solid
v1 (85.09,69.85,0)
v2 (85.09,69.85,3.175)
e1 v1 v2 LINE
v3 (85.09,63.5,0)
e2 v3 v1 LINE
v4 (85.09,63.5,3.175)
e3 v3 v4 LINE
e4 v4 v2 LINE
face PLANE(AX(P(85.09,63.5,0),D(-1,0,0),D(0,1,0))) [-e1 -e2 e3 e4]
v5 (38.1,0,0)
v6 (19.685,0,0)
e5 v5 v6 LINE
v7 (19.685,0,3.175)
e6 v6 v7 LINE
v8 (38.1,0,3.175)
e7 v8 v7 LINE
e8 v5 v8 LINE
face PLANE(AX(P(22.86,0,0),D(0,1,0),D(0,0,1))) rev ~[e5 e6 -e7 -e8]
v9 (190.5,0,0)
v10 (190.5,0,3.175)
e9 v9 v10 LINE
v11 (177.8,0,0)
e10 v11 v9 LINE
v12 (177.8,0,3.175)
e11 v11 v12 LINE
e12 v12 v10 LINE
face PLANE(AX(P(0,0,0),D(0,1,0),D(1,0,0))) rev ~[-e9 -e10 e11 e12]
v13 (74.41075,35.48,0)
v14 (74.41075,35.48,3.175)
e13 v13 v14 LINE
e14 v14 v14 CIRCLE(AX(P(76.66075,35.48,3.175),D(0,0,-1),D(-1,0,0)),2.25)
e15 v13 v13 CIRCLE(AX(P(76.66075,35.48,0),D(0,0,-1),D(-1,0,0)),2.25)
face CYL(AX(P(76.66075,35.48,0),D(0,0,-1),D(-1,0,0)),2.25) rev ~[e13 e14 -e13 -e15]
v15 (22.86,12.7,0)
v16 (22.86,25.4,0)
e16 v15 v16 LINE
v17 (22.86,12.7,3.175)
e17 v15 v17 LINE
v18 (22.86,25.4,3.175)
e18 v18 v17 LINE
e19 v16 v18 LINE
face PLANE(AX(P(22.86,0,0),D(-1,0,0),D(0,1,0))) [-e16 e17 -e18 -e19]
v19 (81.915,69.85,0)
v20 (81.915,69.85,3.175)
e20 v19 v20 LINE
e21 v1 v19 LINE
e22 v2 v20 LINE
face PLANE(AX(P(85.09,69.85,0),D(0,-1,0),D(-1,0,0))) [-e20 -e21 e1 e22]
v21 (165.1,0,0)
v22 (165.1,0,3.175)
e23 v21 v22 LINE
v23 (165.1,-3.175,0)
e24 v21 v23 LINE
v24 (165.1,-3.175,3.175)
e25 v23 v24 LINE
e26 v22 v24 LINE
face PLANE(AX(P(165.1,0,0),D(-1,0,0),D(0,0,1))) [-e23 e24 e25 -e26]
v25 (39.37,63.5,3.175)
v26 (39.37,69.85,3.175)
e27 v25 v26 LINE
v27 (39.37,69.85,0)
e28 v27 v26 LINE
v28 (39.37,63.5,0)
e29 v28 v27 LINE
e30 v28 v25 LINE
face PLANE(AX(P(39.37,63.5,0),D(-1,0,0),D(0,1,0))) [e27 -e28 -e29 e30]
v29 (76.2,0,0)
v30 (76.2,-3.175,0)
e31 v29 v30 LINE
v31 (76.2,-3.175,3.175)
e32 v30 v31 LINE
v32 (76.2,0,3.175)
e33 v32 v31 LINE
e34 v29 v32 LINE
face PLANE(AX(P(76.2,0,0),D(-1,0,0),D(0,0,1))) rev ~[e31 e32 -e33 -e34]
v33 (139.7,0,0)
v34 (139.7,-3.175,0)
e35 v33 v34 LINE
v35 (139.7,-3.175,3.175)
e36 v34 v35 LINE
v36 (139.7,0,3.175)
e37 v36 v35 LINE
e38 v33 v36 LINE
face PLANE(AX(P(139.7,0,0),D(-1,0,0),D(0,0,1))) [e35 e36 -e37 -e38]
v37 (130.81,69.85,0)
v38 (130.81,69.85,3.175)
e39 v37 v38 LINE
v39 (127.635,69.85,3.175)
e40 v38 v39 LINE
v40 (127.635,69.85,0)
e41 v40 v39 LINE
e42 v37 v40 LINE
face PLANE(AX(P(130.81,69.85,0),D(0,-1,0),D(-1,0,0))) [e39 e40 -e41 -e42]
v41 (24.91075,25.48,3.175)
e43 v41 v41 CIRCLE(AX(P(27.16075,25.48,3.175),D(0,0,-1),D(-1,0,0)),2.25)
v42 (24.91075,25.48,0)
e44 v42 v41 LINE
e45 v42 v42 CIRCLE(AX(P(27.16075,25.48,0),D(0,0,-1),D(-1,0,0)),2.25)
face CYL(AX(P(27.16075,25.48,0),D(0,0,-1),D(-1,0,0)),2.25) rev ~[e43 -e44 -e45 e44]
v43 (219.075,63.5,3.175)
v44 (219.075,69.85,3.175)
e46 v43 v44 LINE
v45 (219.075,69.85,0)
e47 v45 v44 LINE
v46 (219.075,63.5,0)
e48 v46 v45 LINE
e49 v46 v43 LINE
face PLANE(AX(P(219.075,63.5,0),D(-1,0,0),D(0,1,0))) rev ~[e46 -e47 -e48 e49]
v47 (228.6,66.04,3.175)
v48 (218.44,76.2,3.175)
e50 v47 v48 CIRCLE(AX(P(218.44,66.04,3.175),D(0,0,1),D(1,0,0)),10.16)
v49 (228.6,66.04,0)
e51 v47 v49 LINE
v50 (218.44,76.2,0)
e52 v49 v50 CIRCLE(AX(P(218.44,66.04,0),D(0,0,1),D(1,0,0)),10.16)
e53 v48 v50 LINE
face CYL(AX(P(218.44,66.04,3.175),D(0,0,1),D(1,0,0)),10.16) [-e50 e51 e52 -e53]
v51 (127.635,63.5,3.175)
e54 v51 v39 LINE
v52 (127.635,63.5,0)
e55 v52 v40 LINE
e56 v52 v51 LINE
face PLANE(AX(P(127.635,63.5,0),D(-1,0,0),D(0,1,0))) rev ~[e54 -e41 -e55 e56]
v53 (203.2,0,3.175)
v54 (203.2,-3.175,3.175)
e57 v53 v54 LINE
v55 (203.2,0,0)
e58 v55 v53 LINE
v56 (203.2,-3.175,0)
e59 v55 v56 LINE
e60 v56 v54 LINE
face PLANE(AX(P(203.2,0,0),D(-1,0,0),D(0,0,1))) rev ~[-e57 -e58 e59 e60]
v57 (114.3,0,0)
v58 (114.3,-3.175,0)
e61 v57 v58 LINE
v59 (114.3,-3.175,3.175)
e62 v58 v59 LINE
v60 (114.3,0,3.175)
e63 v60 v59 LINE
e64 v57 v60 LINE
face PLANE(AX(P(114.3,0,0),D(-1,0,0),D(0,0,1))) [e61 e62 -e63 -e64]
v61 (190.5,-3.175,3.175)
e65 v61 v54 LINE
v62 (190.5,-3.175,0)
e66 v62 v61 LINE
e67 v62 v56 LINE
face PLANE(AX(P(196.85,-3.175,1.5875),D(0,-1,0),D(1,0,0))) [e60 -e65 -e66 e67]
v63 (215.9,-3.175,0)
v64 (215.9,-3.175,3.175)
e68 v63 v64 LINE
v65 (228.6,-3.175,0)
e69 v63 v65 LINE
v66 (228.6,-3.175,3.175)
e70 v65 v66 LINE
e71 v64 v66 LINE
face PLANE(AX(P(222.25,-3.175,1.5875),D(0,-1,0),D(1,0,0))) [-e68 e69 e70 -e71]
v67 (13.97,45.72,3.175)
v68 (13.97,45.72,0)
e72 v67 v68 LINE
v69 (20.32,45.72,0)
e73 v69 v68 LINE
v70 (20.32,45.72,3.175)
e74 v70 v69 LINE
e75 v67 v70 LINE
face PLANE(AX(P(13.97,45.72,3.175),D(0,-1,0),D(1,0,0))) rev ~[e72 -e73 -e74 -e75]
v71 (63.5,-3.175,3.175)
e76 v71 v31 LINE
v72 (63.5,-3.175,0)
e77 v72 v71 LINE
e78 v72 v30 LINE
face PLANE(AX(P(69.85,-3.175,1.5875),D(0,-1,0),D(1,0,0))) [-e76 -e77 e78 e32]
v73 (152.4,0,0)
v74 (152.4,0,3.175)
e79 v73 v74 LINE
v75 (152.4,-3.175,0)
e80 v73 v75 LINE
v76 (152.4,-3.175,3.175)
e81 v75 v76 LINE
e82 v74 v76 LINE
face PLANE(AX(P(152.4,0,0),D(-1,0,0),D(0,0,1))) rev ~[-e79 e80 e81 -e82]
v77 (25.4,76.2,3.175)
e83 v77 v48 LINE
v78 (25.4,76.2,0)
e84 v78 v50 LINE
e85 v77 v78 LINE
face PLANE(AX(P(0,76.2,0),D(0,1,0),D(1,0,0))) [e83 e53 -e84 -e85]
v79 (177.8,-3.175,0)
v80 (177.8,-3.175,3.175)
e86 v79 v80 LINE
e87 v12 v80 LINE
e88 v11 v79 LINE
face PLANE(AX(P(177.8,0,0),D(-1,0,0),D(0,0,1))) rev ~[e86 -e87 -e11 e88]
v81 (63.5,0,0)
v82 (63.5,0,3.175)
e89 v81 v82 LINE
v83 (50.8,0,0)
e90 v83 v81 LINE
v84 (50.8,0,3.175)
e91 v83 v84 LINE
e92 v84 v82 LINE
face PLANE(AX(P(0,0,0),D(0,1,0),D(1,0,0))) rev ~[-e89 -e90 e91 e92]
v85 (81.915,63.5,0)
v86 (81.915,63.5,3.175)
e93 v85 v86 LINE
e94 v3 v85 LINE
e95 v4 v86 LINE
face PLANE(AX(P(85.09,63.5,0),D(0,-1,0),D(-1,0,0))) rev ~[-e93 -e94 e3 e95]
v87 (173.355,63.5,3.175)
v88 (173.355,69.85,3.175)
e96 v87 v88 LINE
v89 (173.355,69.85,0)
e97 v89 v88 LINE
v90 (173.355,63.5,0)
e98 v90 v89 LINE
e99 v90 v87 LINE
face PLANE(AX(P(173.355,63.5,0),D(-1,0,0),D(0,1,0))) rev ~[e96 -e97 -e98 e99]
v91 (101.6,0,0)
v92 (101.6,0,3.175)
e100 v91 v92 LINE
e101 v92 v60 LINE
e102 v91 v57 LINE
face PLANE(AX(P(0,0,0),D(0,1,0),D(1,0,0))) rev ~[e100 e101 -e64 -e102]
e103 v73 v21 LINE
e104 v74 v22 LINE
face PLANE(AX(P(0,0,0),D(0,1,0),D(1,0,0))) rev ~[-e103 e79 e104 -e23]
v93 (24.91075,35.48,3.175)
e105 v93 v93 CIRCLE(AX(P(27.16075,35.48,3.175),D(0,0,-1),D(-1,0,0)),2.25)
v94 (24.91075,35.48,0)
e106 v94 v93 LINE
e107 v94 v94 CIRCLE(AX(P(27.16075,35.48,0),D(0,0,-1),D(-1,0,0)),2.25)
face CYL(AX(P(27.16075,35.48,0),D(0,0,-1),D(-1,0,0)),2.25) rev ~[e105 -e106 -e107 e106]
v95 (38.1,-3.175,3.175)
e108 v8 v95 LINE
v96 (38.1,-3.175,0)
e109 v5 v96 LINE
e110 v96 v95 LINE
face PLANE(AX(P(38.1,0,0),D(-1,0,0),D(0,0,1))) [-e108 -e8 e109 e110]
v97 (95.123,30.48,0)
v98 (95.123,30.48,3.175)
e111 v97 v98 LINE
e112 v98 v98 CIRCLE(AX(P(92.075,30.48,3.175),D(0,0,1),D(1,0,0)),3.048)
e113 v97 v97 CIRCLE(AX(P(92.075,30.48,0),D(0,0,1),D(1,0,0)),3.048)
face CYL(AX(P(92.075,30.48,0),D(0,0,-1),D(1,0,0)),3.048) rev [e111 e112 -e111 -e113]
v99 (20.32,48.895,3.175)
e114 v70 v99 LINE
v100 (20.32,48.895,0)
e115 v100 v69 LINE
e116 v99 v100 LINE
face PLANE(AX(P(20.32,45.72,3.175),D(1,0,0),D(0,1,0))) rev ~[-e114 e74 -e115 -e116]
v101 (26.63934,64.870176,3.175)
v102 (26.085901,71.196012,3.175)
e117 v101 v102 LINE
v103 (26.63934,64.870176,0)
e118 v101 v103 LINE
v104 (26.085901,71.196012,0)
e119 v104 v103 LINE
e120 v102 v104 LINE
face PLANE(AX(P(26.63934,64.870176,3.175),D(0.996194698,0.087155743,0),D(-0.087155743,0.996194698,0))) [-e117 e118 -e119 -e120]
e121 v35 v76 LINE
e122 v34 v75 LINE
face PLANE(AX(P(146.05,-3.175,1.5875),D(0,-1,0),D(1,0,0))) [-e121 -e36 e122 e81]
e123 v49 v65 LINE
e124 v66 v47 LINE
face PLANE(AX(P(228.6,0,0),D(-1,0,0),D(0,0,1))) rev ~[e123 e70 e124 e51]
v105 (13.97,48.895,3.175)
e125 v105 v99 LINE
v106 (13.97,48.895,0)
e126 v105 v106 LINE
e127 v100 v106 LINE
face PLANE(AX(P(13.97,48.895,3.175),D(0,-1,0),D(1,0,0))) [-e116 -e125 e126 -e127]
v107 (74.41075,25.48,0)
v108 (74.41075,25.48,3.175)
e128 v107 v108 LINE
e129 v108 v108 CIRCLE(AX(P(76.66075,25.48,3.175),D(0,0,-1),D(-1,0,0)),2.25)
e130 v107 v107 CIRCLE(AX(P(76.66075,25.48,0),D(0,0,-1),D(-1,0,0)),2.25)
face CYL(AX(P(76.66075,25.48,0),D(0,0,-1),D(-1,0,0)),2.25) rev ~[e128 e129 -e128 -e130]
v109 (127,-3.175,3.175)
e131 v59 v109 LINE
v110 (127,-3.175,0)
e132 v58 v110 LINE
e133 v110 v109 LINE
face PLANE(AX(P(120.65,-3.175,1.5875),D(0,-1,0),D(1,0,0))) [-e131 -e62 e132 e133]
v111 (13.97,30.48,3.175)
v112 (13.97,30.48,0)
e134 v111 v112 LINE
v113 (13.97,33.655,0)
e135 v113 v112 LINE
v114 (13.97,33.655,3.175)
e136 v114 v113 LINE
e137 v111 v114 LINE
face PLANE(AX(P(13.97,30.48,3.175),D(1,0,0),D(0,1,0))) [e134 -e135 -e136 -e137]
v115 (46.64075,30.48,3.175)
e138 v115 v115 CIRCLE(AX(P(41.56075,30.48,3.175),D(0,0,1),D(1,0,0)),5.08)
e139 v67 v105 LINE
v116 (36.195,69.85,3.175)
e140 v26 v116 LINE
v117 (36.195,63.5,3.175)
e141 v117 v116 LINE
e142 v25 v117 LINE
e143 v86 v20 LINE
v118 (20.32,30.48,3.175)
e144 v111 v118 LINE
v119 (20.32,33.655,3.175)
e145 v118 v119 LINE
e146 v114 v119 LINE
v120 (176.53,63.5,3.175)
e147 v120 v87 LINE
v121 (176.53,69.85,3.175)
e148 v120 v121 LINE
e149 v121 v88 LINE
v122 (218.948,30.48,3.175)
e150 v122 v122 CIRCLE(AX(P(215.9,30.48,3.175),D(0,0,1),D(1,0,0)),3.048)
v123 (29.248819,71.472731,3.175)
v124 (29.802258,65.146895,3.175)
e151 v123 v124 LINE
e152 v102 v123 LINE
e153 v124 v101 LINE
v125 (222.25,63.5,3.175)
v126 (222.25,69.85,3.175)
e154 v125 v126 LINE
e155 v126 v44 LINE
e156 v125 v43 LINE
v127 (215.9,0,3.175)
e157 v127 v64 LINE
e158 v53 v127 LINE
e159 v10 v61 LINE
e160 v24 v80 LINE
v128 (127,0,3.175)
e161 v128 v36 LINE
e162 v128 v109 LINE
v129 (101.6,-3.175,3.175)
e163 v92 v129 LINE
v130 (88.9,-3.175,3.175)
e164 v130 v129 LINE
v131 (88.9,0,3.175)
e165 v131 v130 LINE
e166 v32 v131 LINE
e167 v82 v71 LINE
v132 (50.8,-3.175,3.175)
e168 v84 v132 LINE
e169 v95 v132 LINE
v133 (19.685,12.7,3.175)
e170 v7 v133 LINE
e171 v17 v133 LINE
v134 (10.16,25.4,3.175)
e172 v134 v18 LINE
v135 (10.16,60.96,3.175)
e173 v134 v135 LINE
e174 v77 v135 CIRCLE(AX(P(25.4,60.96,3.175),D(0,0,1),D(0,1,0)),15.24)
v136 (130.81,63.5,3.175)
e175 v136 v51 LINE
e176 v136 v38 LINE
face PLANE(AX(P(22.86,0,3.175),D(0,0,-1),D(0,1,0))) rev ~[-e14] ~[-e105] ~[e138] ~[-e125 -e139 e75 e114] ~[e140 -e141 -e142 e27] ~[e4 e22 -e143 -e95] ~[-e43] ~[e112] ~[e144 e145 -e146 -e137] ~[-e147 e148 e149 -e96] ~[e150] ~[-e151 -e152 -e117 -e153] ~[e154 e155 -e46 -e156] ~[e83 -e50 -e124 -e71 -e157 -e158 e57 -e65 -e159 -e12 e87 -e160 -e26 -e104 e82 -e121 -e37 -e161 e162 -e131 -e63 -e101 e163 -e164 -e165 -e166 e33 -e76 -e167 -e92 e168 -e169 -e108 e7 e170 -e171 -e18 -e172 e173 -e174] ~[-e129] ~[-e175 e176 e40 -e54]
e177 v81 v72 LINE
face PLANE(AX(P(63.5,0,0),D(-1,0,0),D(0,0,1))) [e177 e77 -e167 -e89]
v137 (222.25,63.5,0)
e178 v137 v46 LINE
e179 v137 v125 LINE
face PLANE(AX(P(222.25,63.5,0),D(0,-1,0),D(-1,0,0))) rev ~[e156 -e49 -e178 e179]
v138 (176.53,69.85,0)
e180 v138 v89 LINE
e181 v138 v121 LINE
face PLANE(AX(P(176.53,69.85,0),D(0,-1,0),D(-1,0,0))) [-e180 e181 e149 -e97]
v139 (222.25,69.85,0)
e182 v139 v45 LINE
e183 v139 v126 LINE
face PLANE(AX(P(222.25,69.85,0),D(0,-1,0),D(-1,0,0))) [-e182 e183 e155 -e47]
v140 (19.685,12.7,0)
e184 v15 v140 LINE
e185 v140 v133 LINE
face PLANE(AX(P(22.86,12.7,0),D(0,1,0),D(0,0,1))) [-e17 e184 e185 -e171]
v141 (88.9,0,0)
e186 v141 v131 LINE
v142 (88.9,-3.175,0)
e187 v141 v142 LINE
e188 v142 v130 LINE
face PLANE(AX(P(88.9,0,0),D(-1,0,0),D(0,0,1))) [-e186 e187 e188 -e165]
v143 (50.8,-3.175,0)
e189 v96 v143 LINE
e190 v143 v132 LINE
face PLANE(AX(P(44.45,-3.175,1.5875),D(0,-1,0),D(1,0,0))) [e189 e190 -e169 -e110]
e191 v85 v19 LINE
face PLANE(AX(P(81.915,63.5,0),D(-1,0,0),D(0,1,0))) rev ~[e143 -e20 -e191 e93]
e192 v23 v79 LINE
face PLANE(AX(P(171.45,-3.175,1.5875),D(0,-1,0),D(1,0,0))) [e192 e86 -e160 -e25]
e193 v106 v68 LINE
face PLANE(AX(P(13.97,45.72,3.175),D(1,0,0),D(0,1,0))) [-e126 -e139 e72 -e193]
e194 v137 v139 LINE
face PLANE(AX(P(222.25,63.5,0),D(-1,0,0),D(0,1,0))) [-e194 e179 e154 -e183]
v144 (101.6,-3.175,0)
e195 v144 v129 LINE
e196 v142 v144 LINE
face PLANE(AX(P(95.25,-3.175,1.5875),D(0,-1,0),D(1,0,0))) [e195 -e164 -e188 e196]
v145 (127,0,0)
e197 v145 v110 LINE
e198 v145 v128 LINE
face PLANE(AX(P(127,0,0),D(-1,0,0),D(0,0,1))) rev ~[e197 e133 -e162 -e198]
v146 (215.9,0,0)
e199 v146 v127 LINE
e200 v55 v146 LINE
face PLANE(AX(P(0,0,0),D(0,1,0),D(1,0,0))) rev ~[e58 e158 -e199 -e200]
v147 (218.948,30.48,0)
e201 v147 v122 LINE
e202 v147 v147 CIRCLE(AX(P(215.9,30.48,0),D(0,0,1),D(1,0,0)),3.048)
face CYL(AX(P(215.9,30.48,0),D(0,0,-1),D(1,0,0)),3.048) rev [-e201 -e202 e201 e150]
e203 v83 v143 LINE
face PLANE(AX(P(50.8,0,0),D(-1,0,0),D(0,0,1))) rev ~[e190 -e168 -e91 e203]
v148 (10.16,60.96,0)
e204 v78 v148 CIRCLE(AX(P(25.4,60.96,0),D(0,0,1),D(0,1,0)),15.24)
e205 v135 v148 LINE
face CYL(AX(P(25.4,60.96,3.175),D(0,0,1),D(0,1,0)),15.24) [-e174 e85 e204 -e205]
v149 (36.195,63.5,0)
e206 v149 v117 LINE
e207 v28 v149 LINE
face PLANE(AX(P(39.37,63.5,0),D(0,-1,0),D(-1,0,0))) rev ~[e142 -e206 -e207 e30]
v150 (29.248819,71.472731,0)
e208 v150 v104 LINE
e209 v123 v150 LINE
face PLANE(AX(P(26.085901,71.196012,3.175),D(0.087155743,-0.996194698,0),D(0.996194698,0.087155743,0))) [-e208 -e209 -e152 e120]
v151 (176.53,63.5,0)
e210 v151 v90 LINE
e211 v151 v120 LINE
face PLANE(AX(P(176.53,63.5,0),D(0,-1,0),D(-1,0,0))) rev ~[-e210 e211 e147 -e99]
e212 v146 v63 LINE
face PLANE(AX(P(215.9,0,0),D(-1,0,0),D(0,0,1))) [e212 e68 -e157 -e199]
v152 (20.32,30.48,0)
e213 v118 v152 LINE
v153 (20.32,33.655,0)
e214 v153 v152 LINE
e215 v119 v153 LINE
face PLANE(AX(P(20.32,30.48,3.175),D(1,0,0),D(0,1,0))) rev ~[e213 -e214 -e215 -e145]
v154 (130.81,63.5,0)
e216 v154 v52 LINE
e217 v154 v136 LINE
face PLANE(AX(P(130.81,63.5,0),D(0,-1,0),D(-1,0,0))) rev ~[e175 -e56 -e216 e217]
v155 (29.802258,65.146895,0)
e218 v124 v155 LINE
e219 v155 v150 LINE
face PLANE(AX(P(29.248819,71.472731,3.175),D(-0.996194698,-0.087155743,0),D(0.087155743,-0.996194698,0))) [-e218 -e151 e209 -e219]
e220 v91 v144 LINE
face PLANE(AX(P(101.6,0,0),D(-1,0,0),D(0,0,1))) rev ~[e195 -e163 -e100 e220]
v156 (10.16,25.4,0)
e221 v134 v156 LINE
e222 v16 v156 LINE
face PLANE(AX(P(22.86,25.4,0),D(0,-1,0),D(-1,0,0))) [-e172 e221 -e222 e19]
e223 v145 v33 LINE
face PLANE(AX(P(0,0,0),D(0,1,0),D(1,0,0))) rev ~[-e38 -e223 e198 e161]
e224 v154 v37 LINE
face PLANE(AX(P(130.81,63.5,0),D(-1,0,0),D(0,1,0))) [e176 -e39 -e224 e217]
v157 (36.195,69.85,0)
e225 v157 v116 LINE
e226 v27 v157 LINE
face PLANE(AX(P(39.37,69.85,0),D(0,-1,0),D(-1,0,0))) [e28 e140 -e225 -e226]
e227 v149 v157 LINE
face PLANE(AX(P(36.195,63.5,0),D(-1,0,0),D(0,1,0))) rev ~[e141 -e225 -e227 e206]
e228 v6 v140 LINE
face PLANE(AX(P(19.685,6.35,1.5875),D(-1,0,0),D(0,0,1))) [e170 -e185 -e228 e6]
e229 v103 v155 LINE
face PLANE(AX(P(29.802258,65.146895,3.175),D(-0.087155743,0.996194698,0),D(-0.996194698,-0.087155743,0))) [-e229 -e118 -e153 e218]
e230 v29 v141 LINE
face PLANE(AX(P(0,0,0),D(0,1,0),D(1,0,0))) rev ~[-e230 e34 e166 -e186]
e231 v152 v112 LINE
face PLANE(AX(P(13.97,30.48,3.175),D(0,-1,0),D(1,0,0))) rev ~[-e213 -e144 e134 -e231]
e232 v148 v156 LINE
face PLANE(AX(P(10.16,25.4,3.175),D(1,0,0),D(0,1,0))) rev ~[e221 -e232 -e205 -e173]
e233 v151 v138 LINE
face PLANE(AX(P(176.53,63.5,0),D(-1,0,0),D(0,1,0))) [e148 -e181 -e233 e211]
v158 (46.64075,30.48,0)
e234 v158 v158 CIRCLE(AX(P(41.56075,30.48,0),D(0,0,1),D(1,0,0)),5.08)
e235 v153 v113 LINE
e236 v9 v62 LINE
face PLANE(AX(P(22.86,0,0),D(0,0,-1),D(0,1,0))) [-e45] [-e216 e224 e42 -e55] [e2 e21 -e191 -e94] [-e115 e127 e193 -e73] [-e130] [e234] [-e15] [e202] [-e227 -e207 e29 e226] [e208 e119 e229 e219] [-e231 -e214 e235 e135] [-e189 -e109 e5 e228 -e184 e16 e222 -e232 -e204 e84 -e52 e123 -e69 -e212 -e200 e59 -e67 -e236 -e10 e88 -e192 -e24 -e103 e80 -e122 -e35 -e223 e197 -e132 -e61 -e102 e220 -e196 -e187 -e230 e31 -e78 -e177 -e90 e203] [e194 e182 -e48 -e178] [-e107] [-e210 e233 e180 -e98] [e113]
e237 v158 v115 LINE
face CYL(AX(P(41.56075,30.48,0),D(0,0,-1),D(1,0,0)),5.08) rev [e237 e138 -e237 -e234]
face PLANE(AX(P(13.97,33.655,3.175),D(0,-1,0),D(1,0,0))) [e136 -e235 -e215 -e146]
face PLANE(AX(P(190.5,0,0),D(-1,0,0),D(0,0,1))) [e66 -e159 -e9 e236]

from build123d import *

# Parameters (mm, degrees)
SKETCH1_W           = 228.6
SKETCH1_H           = 76.2
SKETCH1_R           = 3.048
SKETCH1_R_2         = 5.08
BOSS_EXTRUDE1_DEPTH = 3.175
SKETCH2_W           = 12.7
SKETCH2_H           = 3.175
BOSS_EXTRUDE2_DEPTH = 3.175
SKETCH3_W           = 22.86
SKETCH3_H           = 25.4
CUT_EXTRUDE1_DEPTH  = 4.175
SKETCH4_W           = 3.175
SKETCH4_H           = 12.7
BOSS_EXTRUDE3_DEPTH = 3.175
SKETCH6_R           = 2.25
CUT_EXTRUDE2_DEPTH  = 4.175
SKETCH8_W           = 10.16
SKETCH8_H           = 50.8
CUT_EXTRUDE3_DEPTH  = 4.175
SKETCH12_W          = 3.175
SKETCH12_H          = 6.35
CUT_EXTRUDE5_DEPTH  = 3.175
CUT_EXTRUDE6_DEPTH  = 4.175
SKETCH14_W          = 6.35
SKETCH14_H          = 3.175
CUT_EXTRUDE7_DEPTH  = 4.175
CUT_EXTRUDE8_DEPTH  = 4.175
CUT_EXTRUDE9_DEPTH  = 4.175


with BuildPart() as part:
    # Sketch1 → Boss-Extrude1 (new body)
    with BuildSketch(Plane.XY):
        with Locations((114.3, 38.1)):
            Rectangle(SKETCH1_W, SKETCH1_H)
        with Locations((215.9, 30.48)):
            Circle(SKETCH1_R, mode=Mode.SUBTRACT)
        with Locations((92.075, 30.48)):
            Circle(SKETCH1_R, mode=Mode.SUBTRACT)
        with Locations((41.56075, 30.48)):
            Circle(SKETCH1_R_2, mode=Mode.SUBTRACT)
    extrude(amount=BOSS_EXTRUDE1_DEPTH)

    # Sketch2 → Boss-Extrude2 (add)
    with BuildSketch(Plane.XZ):
        with Locations((222.25, 1.5875)):
            Rectangle(SKETCH2_W, SKETCH2_H)
        with Locations((196.85, 1.5875)):
            Rectangle(SKETCH2_W, SKETCH2_H)
        with Locations((171.45, 1.5875)):
            Rectangle(SKETCH2_W, SKETCH2_H)
        with Locations((146.05, 1.5875)):
            Rectangle(SKETCH2_W, SKETCH2_H)
        with Locations((120.65, 1.5875)):
            Rectangle(SKETCH2_W, SKETCH2_H)
        with Locations((95.25, 1.5875)):
            Rectangle(SKETCH2_W, SKETCH2_H)
        with Locations((69.85, 1.5875)):
            Rectangle(SKETCH2_W, SKETCH2_H)
        with Locations((44.45, 1.5875)):
            Rectangle(SKETCH2_W, SKETCH2_H)
    extrude(amount=BOSS_EXTRUDE2_DEPTH)

    # Sketch3 → Cut-Extrude1 (cut, through all)
    with BuildSketch(Plane(origin=(0, 0, 0), x_dir=(-1, 0, 0), z_dir=(0, 0, -1))):
        with Locations((-11.43, 12.7)):
            Rectangle(SKETCH3_W, SKETCH3_H)
    extrude(amount=-CUT_EXTRUDE1_DEPTH, mode=Mode.SUBTRACT)

    # Sketch4 → Boss-Extrude3 (add)
    with BuildSketch(Plane.ZY.offset(-22.86)):
        with Locations((1.5875, 6.35)):
            Rectangle(SKETCH4_W, SKETCH4_H)
    extrude(amount=BOSS_EXTRUDE3_DEPTH)

    # Sketch6 → Cut-Extrude2 (cut, through all)
    with BuildSketch(Plane(origin=(0, 0, 0), x_dir=(-1, 0, 0), z_dir=(0, 0, -1))):
        with Locations((-27.16075, 35.48)):
            Circle(SKETCH6_R)
        with Locations((-27.16075, 25.48)):
            Circle(SKETCH6_R)
        with Locations((-76.66075, 35.48)):
            Circle(SKETCH6_R)
        with Locations((-76.66075, 25.48)):
            Circle(SKETCH6_R)
    extrude(amount=-CUT_EXTRUDE2_DEPTH, mode=Mode.SUBTRACT)

    # Sketch8 → Cut-Extrude3 (cut, through all)
    with BuildSketch(Plane.XY.offset(3.175)):
        with Locations((5.08, 50.8)):
            Rectangle(SKETCH8_W, SKETCH8_H)
    extrude(amount=-CUT_EXTRUDE3_DEPTH, mode=Mode.SUBTRACT)

    # Sketch12 → Cut-Extrude5 (cut)
    with BuildSketch(Plane(origin=(0, 0, 0), x_dir=(-1, 0, 0), z_dir=(0, 0, -1))):
        with Locations((-220.6625, 66.675)):
            Rectangle(SKETCH12_W, SKETCH12_H)
        with Locations((-174.9425, 66.675)):
            Rectangle(SKETCH12_W, SKETCH12_H)
        with Locations((-129.2225, 66.675)):
            Rectangle(SKETCH12_W, SKETCH12_H)
        with Locations((-83.5025, 66.675)):
            Rectangle(SKETCH12_W, SKETCH12_H)
        with Locations((-37.7825, 66.675)):
            Rectangle(SKETCH12_W, SKETCH12_H)
    extrude(amount=-CUT_EXTRUDE5_DEPTH, mode=Mode.SUBTRACT)

    # Sketch13 → Cut-Extrude6 (cut, through all)
    with BuildSketch(Plane.XY.offset(3.175)):
        with BuildLine():
            Line((10.16, 60.96), (10.16, 76.2))
            Line((10.16, 76.2), (25.4, 76.2))
            ThreePointArc((25.4, 76.2), (14.623692655, 71.736307345), (10.16, 60.96))
        make_face()
    extrude(amount=-CUT_EXTRUDE6_DEPTH, mode=Mode.SUBTRACT)

    # Sketch14 → Cut-Extrude7 (cut, through all)
    with BuildSketch(Plane.XY.offset(3.175)):
        with Locations((17.145, 32.0675)):
            Rectangle(SKETCH14_W, SKETCH14_H)
        with Locations((17.145, 47.3075)):
            Rectangle(SKETCH14_W, SKETCH14_H)
    extrude(amount=-CUT_EXTRUDE7_DEPTH, mode=Mode.SUBTRACT)

    # Sketch15 → Cut-Extrude8 (cut, through all)
    with BuildSketch(Plane.XY.offset(3.175)):
        Polygon((26.639339978, 64.870175511), (26.085901012, 71.196011844), (29.248819178, 71.472731328), (29.802258145, 65.146894995), align=None)
    extrude(amount=-CUT_EXTRUDE8_DEPTH, mode=Mode.SUBTRACT)

    # Sketch16 → Cut-Extrude9 (cut, through all)
    with BuildSketch(Plane.XY.offset(3.175)):
        with BuildLine():
            Line((218.44, 76.2), (228.6, 76.2))
            Line((228.6, 76.2), (228.6, 66.04))
            ThreePointArc((228.6, 66.04), (225.624204897, 73.224204897), (218.44, 76.2))
        make_face()
    extrude(amount=-CUT_EXTRUDE9_DEPTH, mode=Mode.SUBTRACT)


solid = part.part
